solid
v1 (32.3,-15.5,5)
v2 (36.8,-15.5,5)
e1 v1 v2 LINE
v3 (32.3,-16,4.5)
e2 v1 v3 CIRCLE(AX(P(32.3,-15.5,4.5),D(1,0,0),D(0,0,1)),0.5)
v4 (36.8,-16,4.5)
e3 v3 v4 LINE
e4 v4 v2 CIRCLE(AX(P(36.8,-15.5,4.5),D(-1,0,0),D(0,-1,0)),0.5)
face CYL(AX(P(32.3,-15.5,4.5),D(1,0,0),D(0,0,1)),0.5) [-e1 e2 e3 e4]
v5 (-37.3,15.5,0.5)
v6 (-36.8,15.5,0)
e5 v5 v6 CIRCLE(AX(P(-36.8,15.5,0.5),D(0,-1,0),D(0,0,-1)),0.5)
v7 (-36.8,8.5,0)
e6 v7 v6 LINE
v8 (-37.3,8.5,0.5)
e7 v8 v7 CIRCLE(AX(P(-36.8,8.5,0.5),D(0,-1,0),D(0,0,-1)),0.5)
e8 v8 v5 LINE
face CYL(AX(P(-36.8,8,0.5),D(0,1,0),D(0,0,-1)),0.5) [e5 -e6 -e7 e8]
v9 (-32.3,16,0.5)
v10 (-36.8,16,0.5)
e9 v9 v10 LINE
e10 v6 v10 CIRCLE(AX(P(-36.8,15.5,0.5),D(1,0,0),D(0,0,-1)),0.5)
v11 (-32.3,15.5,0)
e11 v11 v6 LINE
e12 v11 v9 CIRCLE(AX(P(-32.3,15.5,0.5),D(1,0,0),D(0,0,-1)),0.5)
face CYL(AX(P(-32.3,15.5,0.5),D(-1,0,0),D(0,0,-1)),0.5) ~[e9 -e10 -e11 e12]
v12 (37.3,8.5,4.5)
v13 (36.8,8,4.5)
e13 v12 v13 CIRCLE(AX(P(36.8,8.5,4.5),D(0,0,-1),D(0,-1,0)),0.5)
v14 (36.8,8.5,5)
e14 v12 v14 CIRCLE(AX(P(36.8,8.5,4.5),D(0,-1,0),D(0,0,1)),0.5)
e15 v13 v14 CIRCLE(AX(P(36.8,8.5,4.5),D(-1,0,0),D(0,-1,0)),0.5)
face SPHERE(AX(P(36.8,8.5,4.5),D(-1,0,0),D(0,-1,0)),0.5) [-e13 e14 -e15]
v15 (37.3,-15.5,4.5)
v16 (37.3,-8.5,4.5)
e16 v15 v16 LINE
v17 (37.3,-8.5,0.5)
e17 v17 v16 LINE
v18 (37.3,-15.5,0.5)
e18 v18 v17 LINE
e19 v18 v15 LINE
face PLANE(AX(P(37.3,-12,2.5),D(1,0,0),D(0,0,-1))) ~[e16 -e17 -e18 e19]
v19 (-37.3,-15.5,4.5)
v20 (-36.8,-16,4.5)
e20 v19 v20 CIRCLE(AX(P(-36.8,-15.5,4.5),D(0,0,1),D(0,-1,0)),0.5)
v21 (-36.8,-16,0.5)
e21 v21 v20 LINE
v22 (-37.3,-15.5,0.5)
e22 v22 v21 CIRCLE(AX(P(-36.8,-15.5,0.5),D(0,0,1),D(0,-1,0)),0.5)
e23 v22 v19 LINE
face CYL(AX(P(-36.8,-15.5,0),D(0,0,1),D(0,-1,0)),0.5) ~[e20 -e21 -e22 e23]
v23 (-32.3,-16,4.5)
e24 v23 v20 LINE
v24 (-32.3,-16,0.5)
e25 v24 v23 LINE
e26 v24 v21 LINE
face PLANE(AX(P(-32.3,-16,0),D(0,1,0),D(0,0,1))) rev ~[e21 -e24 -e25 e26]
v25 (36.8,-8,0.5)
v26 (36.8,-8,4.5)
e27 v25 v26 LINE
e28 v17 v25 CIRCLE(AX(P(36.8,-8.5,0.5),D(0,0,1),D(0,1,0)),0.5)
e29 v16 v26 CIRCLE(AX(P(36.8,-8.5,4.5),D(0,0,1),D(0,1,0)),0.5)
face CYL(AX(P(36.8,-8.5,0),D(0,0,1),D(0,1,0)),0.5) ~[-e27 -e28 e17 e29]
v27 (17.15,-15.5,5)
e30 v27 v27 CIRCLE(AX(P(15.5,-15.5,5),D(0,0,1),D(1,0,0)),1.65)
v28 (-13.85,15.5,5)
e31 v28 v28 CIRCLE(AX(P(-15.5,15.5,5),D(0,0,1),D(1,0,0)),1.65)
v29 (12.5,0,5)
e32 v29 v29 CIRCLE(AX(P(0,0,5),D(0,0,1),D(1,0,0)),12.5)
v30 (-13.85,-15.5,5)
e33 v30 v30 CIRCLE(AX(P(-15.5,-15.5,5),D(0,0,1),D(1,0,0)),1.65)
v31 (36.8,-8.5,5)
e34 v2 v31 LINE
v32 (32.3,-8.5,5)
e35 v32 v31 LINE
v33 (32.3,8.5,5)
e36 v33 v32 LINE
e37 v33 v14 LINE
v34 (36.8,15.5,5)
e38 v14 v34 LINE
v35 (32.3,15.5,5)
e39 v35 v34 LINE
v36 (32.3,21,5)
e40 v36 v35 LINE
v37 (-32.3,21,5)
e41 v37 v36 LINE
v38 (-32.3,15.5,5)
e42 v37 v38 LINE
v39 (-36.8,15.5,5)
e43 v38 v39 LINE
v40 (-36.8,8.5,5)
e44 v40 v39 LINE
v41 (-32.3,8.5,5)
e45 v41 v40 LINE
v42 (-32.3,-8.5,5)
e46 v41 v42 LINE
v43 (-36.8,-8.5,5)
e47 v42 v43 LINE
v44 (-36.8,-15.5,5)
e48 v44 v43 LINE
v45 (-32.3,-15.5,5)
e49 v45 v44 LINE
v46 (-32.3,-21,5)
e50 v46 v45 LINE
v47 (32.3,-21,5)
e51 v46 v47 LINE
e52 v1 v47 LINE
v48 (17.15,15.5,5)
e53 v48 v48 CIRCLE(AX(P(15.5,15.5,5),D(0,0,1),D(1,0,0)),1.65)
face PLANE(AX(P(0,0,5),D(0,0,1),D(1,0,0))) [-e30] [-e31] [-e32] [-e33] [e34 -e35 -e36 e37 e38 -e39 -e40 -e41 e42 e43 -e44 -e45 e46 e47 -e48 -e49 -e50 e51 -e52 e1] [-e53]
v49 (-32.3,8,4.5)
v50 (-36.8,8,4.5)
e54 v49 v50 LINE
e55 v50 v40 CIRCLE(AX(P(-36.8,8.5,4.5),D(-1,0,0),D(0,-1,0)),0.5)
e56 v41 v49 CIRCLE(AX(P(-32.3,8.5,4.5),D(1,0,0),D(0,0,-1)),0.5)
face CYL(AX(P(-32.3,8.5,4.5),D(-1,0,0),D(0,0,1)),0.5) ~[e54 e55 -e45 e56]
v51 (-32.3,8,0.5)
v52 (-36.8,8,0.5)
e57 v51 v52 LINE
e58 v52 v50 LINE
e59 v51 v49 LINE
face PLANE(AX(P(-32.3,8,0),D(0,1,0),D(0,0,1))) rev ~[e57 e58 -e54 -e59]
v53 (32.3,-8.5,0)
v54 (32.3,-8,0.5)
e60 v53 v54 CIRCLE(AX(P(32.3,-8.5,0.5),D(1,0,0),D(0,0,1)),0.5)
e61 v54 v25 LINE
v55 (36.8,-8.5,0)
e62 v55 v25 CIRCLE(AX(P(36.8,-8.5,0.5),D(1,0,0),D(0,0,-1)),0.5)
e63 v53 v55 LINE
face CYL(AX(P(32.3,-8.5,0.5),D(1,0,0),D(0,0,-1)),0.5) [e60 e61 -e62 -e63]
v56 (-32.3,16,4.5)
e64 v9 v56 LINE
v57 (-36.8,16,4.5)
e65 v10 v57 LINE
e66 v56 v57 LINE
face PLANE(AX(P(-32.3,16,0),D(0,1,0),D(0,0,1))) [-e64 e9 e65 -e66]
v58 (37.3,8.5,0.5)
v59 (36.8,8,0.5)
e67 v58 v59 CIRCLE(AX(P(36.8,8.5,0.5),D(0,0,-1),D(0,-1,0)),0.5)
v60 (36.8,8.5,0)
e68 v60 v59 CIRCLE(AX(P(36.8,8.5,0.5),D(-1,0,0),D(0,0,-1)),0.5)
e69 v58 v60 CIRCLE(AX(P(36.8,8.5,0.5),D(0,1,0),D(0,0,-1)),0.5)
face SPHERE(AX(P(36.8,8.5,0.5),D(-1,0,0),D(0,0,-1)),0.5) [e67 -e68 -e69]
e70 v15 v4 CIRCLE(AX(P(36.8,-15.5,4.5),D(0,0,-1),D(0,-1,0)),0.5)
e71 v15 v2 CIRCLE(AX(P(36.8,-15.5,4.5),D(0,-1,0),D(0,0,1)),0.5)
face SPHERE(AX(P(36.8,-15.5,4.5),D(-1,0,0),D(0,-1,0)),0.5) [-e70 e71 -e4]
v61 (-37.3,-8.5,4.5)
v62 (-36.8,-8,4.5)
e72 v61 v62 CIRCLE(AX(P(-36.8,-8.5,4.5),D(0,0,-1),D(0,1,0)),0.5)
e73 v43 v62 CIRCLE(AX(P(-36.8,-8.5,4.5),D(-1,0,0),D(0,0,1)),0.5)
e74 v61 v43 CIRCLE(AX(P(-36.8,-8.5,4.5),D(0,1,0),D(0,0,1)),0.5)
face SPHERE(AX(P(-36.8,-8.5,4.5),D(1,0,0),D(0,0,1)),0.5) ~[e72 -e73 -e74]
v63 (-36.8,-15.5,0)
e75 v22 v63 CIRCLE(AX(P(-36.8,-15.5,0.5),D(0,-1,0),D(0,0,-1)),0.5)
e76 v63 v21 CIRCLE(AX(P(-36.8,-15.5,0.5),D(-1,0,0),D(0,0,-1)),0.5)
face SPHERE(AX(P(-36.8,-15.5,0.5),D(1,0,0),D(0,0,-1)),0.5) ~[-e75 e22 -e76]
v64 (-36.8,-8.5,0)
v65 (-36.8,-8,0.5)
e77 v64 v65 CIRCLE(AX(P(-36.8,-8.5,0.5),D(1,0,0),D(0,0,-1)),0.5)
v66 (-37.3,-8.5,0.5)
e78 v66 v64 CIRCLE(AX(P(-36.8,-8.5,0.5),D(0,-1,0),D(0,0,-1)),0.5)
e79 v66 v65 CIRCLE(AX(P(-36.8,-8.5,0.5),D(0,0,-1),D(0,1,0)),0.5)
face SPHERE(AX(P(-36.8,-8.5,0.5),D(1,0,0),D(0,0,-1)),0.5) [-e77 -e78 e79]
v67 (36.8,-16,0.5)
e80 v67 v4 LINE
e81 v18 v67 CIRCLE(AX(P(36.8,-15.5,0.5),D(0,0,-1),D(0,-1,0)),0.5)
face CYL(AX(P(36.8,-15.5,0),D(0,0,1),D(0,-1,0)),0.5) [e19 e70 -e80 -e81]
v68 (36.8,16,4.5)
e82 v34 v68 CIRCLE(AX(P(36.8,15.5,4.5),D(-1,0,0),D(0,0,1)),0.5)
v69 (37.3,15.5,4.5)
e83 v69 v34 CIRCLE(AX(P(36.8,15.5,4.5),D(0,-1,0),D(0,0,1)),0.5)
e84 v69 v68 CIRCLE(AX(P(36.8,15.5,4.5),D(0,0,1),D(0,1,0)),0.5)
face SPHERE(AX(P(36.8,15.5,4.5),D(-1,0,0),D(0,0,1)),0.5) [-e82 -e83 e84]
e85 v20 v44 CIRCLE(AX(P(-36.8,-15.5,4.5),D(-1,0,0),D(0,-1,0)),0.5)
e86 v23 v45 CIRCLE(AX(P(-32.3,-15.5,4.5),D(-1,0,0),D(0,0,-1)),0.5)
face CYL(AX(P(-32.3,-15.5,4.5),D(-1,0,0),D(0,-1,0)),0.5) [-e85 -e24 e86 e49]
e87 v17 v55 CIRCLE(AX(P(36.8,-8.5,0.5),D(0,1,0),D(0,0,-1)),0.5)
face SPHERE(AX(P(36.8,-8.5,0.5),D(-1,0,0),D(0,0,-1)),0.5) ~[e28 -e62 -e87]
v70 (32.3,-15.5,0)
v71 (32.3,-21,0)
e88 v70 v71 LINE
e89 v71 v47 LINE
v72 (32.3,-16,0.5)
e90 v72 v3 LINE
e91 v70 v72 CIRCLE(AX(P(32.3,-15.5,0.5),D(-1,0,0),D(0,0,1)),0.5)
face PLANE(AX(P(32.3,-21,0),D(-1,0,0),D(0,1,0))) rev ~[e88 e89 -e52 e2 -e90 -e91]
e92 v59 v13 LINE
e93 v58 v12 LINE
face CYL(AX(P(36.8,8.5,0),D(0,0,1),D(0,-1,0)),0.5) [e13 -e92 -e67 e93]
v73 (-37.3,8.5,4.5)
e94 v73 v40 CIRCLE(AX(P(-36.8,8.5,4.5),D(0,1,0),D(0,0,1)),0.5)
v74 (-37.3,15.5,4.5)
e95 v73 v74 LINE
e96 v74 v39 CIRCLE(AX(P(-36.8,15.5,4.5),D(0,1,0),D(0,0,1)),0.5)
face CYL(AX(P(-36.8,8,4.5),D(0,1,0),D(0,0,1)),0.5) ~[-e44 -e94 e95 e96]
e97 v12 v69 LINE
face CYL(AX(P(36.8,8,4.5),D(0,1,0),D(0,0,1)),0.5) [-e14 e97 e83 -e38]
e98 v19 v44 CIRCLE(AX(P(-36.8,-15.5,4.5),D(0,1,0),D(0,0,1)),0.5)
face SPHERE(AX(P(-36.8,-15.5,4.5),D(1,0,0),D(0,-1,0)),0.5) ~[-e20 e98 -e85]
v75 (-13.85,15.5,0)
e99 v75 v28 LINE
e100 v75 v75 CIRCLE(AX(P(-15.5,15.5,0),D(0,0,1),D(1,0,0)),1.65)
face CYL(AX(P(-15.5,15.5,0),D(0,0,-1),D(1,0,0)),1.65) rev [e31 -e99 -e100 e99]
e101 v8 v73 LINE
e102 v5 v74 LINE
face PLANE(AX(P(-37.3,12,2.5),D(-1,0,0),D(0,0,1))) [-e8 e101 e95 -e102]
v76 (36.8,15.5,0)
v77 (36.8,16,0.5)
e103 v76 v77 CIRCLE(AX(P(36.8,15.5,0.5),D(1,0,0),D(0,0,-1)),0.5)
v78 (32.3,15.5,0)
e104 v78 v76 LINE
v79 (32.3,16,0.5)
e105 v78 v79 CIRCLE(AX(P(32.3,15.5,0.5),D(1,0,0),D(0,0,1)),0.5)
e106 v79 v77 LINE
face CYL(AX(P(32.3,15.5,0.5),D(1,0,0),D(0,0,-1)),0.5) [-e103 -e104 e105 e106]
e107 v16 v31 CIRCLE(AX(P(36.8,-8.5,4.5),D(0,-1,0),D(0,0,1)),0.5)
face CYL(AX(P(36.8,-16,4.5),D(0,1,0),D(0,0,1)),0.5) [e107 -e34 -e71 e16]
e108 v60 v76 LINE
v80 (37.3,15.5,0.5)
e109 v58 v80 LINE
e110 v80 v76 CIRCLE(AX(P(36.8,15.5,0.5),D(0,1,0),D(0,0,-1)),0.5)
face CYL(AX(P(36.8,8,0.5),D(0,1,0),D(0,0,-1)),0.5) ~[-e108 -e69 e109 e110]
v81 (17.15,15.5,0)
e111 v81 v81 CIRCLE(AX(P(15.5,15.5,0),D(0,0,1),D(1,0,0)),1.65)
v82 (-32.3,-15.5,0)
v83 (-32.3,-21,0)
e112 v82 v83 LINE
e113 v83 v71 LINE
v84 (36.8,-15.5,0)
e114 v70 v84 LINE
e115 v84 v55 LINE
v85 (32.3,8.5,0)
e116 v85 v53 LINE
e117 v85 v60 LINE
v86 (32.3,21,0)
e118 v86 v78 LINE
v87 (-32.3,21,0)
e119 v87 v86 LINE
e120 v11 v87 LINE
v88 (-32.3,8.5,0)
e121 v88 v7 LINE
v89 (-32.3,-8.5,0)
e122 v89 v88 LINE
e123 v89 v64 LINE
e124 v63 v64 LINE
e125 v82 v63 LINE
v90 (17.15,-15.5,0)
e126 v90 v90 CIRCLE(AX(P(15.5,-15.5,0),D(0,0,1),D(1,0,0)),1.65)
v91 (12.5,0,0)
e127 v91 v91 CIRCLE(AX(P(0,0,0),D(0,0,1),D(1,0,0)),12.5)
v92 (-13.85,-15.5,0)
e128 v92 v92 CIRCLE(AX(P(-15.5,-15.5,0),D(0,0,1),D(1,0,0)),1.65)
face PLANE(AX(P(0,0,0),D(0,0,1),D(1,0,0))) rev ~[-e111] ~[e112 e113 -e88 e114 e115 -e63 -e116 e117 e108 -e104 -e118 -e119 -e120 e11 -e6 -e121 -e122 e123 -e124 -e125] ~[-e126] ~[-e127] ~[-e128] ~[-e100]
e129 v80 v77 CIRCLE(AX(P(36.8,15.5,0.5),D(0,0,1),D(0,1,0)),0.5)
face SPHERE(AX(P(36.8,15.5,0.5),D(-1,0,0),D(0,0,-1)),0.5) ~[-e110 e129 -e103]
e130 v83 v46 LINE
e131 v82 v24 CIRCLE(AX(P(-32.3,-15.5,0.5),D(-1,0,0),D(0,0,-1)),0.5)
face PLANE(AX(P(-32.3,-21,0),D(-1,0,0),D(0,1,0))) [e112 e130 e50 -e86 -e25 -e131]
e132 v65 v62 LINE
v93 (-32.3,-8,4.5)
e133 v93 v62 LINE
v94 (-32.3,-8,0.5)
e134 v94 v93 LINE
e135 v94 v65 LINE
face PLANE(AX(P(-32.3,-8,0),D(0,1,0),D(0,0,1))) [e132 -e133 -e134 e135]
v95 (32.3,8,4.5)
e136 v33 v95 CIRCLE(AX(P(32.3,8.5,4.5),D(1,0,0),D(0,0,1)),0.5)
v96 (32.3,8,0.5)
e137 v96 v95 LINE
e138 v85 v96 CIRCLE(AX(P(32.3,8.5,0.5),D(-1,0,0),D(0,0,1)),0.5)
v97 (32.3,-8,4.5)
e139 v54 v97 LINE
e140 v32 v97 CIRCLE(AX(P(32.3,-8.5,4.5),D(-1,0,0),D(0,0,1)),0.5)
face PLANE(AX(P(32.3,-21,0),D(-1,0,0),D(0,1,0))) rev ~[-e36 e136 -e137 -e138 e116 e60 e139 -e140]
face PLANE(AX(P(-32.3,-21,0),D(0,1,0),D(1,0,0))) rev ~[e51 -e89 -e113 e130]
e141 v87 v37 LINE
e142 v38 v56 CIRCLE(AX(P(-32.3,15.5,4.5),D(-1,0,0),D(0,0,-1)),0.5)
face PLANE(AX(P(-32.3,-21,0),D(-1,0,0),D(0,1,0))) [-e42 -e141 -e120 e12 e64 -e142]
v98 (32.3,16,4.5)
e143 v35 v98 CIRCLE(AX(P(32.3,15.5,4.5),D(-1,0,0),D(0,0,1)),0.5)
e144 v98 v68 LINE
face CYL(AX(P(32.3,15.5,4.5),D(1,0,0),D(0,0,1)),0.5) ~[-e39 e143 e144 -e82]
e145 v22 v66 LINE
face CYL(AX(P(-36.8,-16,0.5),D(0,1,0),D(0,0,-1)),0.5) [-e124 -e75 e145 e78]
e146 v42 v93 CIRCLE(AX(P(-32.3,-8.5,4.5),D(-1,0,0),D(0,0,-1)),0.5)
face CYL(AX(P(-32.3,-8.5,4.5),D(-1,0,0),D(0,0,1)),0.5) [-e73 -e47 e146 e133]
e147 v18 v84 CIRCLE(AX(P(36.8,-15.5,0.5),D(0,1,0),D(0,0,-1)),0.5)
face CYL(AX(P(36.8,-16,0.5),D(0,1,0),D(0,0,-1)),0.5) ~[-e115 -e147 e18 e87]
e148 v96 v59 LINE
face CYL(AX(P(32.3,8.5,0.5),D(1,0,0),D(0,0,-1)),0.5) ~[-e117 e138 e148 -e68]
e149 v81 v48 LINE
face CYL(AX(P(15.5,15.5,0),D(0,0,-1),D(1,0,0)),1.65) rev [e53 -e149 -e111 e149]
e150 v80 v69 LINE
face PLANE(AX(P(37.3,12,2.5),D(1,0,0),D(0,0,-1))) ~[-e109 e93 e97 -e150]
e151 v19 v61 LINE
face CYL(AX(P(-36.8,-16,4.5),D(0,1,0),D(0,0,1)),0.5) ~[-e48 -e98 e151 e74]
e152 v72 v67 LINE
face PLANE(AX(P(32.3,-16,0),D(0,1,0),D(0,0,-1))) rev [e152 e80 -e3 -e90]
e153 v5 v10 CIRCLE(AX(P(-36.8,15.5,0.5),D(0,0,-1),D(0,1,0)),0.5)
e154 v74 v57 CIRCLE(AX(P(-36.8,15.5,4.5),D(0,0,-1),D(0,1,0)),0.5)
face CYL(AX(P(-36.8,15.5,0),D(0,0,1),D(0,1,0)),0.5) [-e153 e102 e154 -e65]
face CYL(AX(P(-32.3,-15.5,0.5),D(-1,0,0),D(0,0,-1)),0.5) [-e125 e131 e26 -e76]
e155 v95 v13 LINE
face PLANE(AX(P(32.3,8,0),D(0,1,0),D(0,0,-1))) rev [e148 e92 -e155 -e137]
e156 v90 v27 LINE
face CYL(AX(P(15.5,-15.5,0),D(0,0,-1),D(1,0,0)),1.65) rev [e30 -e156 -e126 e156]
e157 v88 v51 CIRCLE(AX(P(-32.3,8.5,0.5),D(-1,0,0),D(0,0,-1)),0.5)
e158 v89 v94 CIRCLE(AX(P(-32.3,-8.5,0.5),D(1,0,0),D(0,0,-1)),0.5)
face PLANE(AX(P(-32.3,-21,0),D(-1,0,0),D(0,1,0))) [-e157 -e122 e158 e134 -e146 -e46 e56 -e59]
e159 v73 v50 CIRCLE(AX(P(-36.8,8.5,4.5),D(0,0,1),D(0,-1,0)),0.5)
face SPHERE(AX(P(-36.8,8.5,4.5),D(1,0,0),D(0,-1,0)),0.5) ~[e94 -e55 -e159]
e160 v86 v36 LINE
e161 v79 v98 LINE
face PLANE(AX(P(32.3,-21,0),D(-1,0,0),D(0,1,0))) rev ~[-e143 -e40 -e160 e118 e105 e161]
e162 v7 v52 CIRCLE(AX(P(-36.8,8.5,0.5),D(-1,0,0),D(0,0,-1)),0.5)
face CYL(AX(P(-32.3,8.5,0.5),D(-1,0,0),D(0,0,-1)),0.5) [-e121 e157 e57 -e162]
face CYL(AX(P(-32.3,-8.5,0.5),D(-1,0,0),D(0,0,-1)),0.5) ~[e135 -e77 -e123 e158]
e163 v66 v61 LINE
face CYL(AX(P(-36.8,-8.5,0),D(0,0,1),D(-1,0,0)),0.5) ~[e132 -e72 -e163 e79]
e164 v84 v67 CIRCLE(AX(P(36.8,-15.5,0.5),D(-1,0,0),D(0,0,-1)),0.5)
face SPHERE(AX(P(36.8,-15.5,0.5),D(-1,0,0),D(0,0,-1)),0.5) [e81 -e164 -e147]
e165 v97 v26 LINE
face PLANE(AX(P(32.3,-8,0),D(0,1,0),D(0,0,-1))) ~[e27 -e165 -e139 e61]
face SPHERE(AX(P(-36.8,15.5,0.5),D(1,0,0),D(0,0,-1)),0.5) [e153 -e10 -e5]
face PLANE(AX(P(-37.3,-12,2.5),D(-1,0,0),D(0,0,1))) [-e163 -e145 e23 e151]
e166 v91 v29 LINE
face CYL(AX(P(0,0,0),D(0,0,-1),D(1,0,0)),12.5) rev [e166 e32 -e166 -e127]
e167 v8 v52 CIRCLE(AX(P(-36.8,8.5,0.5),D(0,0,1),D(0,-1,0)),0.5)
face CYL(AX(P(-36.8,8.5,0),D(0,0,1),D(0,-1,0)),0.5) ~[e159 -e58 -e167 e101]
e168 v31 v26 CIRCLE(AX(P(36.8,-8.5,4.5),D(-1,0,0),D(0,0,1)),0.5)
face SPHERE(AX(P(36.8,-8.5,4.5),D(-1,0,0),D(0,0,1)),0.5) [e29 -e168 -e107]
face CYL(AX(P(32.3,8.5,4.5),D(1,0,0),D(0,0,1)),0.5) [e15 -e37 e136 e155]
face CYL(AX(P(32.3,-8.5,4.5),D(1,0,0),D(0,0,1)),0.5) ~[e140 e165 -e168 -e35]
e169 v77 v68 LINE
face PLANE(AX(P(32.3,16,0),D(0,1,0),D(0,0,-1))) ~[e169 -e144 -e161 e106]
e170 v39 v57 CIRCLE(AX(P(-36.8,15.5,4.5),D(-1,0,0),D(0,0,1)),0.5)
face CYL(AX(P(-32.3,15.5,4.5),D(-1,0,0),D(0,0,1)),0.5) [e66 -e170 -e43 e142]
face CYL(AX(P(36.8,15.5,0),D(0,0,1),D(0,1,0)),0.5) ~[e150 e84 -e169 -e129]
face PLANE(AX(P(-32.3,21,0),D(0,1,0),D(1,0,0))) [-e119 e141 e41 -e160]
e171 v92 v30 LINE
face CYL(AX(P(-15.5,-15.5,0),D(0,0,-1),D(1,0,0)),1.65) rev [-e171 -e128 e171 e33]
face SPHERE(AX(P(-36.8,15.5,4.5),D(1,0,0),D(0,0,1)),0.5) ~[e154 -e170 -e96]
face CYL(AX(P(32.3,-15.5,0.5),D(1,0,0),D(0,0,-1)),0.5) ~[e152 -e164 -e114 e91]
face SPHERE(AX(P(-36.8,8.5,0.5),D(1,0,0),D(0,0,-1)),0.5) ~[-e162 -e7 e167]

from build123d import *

# Parameters (mm, degrees)
CROQUIS1_W               = 64.6
CROQUIS1_H               = 42
CROQUIS1_R               = 1.65
CROQUIS1_R_2             = 12.5
SALIENTE_EXTRUIR1_DEPTH  = 5
CROQUIS2_W               = 5
CROQUIS2_H               = 8
SALIENTE_EXTRUIR2_DEPTH  = 5
REDONDEO1_R              = 0.5
REDONDEO1_OF_SIMETR_A1_R = 0.5


with BuildPart() as part:
    # Croquis1 → Saliente-Extruir1 (new body)
    with BuildSketch(Plane.XY):
        Rectangle(CROQUIS1_W, CROQUIS1_H)
        with Locations((-15.5, 15.5)):
            Circle(CROQUIS1_R, mode=Mode.SUBTRACT)
        with Locations((15.5, 15.5)):
            Circle(CROQUIS1_R, mode=Mode.SUBTRACT)
        Circle(CROQUIS1_R_2, mode=Mode.SUBTRACT)
        with Locations((-15.5, -15.5)):
            Circle(CROQUIS1_R, mode=Mode.SUBTRACT)
        with Locations((15.5, -15.5)):
            Circle(CROQUIS1_R, mode=Mode.SUBTRACT)
    extrude(amount=SALIENTE_EXTRUIR1_DEPTH)

    # Croquis2 → Saliente-Extruir2 (add)
    with BuildSketch(Plane.ZY.offset(32.3)):
        with Locations((2.5, 12)):
            Rectangle(CROQUIS2_W, CROQUIS2_H)
        with Locations((2.5, -12)):
            Rectangle(CROQUIS2_W, CROQUIS2_H)
    saliente_extruir2 = extrude(amount=SALIENTE_EXTRUIR2_DEPTH)

    # Redondeo1
    redondeo1_edges = [part.edges().sort_by_distance(p)[0] for p in [
        (-34.8, 16, 0),
        (-34.8, 8, 0),
        (-34.8, 8, 5),
        (-34.8, 16, 5),
        (-37.3, 12, 0),
        (-37.3, 8, 2.5),
        (-37.3, 12, 5),
        (-37.3, 16, 2.5),
        (-34.8, -8, 0),
        (-34.8, -16, 0),
        (-34.8, -16, 5),
        (-34.8, -8, 5),
        (-37.3, -12, 0),
        (-37.3, -16, 2.5),
        (-37.3, -12, 5),
        (-37.3, -8, 2.5),
    ]]
    fillet(redondeo1_edges, radius=REDONDEO1_R)

    # Simetría1: Saliente-Extruir2 across plane
    add(saliente_extruir2.mirror(Plane(origin=(0, 0, 0), x_dir=(0, 0, 1), z_dir=(1, 0, 0))))

    # Redondeo1 of Simetría1
    redondeo1_of_simetr_a1_edges = [part.edges().sort_by_distance(p)[0] for p in [
        (34.8, 16, 0),
        (34.8, 8, 0),
        (34.8, 8, 5),
        (34.8, 16, 5),
        (37.3, 12, 0),
        (37.3, 8, 2.5),
        (37.3, 12, 5),
        (37.3, 16, 2.5),
        (34.8, -8, 0),
        (34.8, -16, 0),
        (34.8, -16, 5),
        (34.8, -8, 5),
        (37.3, -12, 0),
        (37.3, -16, 2.5),
        (37.3, -12, 5),
        (37.3, -8, 2.5),
    ]]
    fillet(redondeo1_of_simetr_a1_edges, radius=REDONDEO1_OF_SIMETR_A1_R)


solid = part.part
